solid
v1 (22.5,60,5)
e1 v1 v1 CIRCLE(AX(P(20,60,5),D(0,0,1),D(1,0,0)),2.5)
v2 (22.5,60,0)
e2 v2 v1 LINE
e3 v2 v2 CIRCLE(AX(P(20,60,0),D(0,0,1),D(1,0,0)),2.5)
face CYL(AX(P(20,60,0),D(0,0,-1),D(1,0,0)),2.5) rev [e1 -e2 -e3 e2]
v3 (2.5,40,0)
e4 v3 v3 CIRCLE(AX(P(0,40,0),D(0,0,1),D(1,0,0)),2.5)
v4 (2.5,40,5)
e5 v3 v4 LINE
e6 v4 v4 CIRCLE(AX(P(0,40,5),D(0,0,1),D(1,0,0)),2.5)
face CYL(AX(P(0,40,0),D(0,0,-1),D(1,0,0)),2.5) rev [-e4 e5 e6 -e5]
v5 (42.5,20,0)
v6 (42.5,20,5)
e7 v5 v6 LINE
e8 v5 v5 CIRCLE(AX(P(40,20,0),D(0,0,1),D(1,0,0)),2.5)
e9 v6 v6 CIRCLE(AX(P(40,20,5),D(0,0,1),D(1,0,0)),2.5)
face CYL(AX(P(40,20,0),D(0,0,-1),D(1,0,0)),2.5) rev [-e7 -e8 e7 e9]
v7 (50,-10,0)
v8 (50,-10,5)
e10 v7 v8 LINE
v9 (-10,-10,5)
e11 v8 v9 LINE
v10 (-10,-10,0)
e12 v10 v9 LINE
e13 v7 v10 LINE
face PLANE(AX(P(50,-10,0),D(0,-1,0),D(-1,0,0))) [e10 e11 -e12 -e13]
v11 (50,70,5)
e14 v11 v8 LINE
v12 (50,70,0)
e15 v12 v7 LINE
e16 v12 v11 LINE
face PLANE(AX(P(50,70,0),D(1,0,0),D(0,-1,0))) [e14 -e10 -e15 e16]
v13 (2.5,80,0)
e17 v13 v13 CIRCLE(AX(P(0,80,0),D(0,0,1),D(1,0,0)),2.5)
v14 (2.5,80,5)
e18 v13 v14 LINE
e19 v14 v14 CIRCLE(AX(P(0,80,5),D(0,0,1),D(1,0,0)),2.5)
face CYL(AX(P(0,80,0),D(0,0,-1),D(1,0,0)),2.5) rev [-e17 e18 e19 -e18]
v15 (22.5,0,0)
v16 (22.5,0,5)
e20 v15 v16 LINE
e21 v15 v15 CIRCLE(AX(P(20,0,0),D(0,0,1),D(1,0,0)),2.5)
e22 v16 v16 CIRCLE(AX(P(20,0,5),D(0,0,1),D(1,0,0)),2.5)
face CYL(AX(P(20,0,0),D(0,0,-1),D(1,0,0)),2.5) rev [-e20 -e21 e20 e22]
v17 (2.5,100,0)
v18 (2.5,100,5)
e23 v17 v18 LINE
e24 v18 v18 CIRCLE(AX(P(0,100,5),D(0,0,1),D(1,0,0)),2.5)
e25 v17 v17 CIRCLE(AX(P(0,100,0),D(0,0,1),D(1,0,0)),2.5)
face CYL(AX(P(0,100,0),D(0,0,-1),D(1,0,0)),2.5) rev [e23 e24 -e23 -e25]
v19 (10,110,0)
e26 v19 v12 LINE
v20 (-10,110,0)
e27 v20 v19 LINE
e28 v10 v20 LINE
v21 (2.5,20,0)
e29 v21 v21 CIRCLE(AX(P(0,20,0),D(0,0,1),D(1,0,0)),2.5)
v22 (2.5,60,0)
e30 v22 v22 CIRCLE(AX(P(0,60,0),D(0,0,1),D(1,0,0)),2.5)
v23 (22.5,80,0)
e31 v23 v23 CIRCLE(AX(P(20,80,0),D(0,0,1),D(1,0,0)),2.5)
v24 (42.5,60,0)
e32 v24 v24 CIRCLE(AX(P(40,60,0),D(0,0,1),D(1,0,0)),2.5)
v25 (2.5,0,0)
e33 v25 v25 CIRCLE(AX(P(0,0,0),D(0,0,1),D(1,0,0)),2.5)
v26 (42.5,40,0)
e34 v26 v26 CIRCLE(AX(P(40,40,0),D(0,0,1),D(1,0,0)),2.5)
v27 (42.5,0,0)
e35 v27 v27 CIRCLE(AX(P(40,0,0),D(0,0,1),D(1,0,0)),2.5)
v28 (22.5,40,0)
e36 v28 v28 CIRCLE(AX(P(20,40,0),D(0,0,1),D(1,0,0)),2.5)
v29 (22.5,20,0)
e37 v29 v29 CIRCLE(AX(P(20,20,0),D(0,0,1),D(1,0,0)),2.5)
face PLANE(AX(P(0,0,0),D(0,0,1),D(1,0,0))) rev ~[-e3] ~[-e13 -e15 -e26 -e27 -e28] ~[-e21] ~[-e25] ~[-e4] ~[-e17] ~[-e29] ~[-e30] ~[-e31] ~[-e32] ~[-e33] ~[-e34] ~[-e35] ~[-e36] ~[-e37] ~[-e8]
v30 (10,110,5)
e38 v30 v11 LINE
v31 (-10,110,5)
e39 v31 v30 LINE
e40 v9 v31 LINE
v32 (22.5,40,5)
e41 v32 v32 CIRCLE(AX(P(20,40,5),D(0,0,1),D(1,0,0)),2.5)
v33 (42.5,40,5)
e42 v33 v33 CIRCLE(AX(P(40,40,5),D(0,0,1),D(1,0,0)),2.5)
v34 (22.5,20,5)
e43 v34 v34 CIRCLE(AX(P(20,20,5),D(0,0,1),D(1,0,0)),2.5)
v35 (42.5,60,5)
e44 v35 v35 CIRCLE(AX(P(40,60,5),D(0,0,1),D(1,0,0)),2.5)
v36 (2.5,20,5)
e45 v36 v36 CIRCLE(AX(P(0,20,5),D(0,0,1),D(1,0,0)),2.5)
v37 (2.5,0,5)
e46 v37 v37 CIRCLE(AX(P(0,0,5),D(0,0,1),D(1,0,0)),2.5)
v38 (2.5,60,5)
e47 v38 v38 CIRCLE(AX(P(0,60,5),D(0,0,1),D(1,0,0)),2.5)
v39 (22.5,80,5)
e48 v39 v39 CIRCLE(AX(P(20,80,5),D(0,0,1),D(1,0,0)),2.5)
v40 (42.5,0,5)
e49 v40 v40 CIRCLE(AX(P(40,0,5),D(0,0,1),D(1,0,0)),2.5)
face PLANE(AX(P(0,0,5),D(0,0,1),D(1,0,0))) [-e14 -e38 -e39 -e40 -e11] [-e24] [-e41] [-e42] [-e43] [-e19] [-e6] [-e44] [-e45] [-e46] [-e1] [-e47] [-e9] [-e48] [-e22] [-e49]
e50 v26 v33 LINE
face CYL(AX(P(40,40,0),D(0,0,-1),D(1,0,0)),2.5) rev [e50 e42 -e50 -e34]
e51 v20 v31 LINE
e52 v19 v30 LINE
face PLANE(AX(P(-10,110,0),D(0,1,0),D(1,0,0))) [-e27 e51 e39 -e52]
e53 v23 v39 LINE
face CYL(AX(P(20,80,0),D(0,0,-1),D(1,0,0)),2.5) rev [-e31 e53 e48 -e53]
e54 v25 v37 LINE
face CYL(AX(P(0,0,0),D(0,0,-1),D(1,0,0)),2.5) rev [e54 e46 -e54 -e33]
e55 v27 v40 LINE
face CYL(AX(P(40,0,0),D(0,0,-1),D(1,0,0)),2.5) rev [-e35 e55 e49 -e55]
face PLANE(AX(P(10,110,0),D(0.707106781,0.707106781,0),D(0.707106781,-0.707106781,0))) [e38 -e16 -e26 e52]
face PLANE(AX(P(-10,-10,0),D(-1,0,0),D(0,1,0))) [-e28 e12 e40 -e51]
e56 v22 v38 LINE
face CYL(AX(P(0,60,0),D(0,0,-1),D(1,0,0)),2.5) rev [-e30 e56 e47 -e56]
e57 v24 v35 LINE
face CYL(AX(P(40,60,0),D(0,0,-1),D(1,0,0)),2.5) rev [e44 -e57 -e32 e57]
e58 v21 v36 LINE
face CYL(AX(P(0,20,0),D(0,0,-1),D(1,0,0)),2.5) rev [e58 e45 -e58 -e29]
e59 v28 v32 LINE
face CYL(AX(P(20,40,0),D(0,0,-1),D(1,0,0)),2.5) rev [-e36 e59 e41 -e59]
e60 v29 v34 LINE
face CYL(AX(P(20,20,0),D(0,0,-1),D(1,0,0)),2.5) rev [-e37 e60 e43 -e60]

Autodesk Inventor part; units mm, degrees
ref_plane "YZ Plane" through (0, 0, 0) normal (1, 0, 0) x (0, 1, 0)
ref_plane "XZ Plane" through (0, 0, 0) normal (0, 1, 0) x (-1, 0, 0)
ref_plane "XY Plane" through (0, 0, 0) normal (0, 0, 1) x (1, 0, 0)
sketch "Sketch2" plane through (0, 0, 0) normal (0, 0, 1) x (1, 0, 0)
  line L0 (-10, -10) -> (-10, 110)
  line L1 (-10, 110) -> (10, 110)
  line L2 (10, 110) -> (50, 70)
  line L3 (50, 70) -> (50, -10)
  line L4 (50, -10) -> (-10, -10)
  circle A0 centre (40, 0) radius 2.5
  circle A1 centre (40, 20) radius 2.5
  circle A2 centre (40, 40) radius 2.5
  circle A3 centre (40, 60) radius 2.5
  circle A4 centre (20, 80) radius 2.5
  circle A5 centre (20, 60) radius 2.5
  circle A6 centre (20, 40) radius 2.5
  circle A7 centre (20, 20) radius 2.5
  circle A8 centre (20, 0) radius 2.5
  circle A9 centre (0, 0) radius 2.5
  circle A10 centre (0, 20) radius 2.5
  circle A11 centre (0, 40) radius 2.5
  circle A12 centre (0, 60) radius 2.5
  circle A13 centre (0, 80) radius 2.5
  circle A14 centre (0, 100) radius 2.5
extrude "Extrusion1" add sketch "Sketch2" along normal blind 5
properties part number "MAKERSLIDE_RISERS"
